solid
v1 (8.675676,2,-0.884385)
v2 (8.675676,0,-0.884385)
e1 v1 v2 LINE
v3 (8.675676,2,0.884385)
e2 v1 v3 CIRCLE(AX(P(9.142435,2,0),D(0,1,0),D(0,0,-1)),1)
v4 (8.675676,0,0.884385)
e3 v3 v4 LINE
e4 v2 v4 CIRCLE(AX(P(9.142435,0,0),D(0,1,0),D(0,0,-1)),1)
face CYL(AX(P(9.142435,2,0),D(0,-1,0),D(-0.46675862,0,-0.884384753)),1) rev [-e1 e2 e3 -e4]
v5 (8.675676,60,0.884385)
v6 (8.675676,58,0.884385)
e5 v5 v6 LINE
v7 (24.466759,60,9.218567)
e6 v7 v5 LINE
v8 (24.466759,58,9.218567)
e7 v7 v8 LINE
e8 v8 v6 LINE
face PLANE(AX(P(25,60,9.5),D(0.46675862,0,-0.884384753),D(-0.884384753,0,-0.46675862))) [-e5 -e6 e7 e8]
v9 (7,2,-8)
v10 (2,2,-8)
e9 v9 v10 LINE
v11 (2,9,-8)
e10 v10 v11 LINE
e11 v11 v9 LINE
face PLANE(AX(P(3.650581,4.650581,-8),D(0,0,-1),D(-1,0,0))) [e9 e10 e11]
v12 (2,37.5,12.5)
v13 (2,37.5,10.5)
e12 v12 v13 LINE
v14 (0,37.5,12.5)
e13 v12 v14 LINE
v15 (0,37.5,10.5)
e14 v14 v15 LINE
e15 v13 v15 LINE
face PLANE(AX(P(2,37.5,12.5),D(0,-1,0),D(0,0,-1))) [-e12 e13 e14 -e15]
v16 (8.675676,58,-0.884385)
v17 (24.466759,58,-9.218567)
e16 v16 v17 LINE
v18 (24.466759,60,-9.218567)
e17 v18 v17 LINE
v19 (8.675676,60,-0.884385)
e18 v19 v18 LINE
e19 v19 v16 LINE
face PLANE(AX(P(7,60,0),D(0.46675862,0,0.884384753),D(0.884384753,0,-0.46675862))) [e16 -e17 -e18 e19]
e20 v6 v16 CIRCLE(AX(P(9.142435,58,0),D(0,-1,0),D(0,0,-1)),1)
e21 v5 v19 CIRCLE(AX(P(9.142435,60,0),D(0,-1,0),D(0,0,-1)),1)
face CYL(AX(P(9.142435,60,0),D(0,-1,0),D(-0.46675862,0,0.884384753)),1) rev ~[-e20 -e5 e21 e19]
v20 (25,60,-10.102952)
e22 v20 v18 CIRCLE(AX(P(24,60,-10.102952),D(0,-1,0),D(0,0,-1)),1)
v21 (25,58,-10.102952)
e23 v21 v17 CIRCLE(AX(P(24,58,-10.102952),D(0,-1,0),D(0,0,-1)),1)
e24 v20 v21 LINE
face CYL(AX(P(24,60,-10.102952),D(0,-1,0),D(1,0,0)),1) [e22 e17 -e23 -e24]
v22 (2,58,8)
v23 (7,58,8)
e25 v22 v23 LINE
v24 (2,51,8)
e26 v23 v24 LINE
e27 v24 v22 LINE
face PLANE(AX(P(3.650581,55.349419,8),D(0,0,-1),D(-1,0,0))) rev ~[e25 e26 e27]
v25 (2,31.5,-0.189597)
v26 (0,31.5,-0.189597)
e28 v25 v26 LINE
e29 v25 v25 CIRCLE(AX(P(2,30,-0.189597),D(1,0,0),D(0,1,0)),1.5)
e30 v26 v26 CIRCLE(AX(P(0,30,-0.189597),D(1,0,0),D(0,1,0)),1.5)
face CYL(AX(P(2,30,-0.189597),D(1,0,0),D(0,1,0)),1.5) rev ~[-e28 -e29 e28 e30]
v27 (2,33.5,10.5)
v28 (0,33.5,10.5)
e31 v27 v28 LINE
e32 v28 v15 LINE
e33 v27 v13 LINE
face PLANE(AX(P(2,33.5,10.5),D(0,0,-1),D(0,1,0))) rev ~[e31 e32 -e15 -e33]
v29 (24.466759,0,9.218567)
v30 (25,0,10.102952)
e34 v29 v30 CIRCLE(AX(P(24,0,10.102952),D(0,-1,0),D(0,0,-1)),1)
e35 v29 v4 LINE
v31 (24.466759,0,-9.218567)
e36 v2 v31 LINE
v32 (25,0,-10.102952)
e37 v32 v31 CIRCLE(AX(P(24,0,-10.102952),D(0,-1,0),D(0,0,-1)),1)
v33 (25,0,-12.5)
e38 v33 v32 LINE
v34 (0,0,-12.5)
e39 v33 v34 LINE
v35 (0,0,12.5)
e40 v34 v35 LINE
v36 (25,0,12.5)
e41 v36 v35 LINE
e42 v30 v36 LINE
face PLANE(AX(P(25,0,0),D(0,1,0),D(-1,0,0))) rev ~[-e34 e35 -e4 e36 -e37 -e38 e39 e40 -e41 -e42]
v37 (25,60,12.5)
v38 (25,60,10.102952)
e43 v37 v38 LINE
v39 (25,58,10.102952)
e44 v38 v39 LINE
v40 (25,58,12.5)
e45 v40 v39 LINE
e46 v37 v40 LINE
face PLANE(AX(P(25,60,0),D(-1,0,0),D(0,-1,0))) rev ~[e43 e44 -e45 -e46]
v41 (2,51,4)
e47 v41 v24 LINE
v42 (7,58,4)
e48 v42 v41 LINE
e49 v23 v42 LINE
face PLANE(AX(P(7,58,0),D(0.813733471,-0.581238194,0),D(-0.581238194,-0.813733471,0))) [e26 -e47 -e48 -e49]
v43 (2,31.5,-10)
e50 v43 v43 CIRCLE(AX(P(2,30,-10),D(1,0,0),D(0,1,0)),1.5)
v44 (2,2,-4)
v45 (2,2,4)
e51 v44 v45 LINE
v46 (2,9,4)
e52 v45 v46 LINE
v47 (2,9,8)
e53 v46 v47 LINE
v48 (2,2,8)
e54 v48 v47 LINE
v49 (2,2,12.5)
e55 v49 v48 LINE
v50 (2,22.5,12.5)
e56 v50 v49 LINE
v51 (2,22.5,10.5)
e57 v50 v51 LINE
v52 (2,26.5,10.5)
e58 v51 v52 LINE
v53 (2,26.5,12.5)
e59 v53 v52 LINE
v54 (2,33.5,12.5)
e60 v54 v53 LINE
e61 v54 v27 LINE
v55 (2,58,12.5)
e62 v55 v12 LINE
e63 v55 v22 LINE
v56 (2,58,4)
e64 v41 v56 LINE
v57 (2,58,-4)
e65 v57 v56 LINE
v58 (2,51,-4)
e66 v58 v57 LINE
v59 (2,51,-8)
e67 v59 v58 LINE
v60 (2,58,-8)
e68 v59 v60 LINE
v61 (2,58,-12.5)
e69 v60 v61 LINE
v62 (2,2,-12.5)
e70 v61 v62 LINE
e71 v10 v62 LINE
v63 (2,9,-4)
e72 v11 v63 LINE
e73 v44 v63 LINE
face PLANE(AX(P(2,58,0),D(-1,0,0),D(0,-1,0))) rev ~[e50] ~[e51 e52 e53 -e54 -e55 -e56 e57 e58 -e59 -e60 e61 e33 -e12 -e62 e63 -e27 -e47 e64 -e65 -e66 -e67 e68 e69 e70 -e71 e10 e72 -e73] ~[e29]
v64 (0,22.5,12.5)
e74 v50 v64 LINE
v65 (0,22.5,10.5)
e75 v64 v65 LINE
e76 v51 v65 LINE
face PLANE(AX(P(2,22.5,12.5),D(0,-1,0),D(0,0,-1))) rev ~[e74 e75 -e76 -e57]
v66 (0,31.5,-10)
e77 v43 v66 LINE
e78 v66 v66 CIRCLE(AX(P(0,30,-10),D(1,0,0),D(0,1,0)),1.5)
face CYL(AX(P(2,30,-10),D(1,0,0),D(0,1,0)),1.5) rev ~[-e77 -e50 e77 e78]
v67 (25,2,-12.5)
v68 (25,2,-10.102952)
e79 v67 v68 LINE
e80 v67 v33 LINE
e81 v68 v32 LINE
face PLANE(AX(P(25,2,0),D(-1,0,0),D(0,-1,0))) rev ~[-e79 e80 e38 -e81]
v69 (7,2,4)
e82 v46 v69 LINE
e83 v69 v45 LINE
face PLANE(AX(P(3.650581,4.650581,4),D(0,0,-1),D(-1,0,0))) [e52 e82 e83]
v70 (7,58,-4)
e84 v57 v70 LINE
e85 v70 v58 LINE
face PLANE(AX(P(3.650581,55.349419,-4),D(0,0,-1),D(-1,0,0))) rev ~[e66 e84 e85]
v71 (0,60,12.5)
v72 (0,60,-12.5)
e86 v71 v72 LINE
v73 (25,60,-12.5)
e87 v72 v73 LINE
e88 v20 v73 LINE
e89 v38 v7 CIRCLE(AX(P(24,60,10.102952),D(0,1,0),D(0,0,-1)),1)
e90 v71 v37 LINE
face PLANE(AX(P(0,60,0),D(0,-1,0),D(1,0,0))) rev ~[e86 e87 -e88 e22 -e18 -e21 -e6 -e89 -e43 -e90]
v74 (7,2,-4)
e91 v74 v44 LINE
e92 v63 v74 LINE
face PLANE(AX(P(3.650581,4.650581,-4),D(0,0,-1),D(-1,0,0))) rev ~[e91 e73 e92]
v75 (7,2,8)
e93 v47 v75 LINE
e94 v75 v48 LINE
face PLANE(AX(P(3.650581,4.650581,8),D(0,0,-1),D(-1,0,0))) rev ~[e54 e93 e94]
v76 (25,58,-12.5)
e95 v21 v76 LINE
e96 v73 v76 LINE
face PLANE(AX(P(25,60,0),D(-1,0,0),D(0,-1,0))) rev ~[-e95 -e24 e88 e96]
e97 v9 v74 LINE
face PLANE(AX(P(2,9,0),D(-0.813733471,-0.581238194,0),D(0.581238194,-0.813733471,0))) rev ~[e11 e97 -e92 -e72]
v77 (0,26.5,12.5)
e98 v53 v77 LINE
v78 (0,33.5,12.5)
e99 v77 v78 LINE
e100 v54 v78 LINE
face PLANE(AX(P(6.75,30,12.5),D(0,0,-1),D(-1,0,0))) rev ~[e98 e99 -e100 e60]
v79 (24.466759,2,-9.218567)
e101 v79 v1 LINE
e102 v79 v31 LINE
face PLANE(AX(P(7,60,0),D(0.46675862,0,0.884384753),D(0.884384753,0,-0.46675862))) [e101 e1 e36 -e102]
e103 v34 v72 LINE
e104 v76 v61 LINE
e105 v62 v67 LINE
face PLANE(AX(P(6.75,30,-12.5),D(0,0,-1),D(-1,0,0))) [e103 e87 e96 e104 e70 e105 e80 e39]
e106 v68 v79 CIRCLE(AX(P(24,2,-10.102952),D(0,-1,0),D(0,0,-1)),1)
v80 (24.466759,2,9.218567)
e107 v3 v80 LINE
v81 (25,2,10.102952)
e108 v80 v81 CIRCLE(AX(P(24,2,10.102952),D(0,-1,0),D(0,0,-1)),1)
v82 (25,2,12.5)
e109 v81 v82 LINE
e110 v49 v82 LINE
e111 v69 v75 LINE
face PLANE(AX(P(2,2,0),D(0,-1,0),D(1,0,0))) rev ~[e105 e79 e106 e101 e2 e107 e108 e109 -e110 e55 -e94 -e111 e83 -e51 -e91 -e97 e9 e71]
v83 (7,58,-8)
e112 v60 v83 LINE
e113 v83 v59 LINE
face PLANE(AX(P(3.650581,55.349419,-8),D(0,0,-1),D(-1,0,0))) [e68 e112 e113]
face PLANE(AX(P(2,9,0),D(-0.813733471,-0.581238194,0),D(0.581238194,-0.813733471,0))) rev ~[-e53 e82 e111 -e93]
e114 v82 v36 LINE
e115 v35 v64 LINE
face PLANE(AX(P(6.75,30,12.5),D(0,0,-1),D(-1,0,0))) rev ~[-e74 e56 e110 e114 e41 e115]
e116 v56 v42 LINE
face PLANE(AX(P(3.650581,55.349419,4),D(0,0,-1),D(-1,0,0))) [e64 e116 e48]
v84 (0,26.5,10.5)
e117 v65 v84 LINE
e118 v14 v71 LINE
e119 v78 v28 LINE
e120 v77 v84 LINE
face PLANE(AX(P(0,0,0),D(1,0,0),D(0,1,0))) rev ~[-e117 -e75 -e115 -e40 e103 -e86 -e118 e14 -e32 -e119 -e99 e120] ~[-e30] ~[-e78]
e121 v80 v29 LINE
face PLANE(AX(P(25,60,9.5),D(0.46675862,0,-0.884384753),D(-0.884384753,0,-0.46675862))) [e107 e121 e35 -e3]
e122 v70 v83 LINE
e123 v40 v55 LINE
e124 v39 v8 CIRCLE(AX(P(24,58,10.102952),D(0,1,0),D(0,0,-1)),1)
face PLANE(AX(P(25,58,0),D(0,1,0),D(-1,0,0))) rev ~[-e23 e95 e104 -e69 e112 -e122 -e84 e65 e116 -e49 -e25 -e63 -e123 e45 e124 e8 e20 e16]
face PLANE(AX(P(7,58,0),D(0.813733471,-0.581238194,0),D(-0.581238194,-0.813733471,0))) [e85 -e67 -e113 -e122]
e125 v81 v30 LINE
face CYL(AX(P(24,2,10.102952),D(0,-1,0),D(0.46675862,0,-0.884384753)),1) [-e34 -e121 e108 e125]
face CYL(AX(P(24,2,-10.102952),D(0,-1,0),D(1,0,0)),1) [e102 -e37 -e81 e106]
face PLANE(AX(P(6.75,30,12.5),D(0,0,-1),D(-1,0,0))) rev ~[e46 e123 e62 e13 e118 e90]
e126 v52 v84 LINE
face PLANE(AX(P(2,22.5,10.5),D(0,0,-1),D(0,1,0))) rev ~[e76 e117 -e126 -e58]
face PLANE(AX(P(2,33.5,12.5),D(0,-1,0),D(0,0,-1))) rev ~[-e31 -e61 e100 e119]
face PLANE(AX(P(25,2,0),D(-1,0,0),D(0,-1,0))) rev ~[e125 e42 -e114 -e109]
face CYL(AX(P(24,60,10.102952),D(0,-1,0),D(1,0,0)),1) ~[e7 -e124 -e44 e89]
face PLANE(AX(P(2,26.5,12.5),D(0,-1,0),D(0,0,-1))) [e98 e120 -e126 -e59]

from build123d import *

# Parameters (mm, degrees)
BOSS_EXTRUDE2_DEPTH = 12.5
CUT_EXTRUDE1_DEPTH  = 67.191011474
FILLET1_R           = 1
SKETCH7_R           = 1.5
CUT_EXTRUDE2_DEPTH  = 10
BOSS_EXTRUDE8_DEPTH = 8
CUT_EXTRUDE4_DEPTH  = 4
SKETCH15_W          = 2
SKETCH15_H          = 4
CUT_EXTRUDE5_DEPTH  = 2


with BuildPart() as part:
    # Sketch1 → Boss-Extrude2 (new, symmetric)
    with BuildSketch(Plane.XY):
        Polygon((0, 0), (0, 60), (25, 60), (25, 58), (2, 58), (2, 2), (25, 2), (25, 0), align=None)
    extrude(amount=BOSS_EXTRUDE2_DEPTH, both=True)

    # Sketch6 → Cut-Extrude1 (cut, through all)
    with BuildSketch(Plane(origin=(0, 60, 0), x_dir=(1, 0, 0), z_dir=(0, 1, 0))):
        Polygon((7, 0), (25, 9.5), (25, -9.5), align=None)
    extrude(amount=-CUT_EXTRUDE1_DEPTH, mode=Mode.SUBTRACT)

    # Fillet1
    fillet1_edges = [part.edges().sort_by_distance(p)[0] for p in [
        (25, 1, 9.5),
        (25, 59, 9.5),
        (7, 1, 0),
        (7, 59, 0),
        (25, 1, -9.5),
        (25, 59, -9.5),
    ]]
    fillet(fillet1_edges, radius=FILLET1_R)

    # Sketch7 → Cut-Extrude2 (cut)
    with BuildSketch(Plane(origin=(2, 0, 0), x_dir=(0, 0, -1), z_dir=(1, 0, 0))):
        with Locations(Location((0.18959721, 30, 0), (0, 0, 90))):
            Circle(SKETCH7_R)
        with Locations(Location((10, 30, 0), (0, 0, 90))):
            Circle(SKETCH7_R)
    extrude(amount=-CUT_EXTRUDE2_DEPTH, mode=Mode.SUBTRACT)

    # Sketch13 → Boss-Extrude8 (add, symmetric)
    with BuildSketch(Plane.XY):
        Polygon((2, 58), (7, 58), (2, 51), align=None)
        Polygon((7, 2), (2, 2), (2, 9), align=None)
    extrude(amount=BOSS_EXTRUDE8_DEPTH, both=True)

    # Sketch14 → Cut-Extrude4 (cut, symmetric)
    with BuildSketch(Plane.XY):
        Polygon((2, 2), (2, 9), (7, 2), align=None)
        Polygon((2, 58), (7, 58), (2, 51), align=None)
    extrude(amount=CUT_EXTRUDE4_DEPTH, both=True, mode=Mode.SUBTRACT)

    # Sketch15 → Cut-Extrude5 (cut)
    with BuildSketch(Plane(origin=(2, 0, 0), x_dir=(0, 0, -1), z_dir=(1, 0, 0))):
        with Locations((-11.5, 35.5)):
            Rectangle(SKETCH15_W, SKETCH15_H)
        with Locations((-11.5, 24.5)):
            Rectangle(SKETCH15_W, SKETCH15_H)
    extrude(amount=-CUT_EXTRUDE5_DEPTH, mode=Mode.SUBTRACT)


solid = part.part
